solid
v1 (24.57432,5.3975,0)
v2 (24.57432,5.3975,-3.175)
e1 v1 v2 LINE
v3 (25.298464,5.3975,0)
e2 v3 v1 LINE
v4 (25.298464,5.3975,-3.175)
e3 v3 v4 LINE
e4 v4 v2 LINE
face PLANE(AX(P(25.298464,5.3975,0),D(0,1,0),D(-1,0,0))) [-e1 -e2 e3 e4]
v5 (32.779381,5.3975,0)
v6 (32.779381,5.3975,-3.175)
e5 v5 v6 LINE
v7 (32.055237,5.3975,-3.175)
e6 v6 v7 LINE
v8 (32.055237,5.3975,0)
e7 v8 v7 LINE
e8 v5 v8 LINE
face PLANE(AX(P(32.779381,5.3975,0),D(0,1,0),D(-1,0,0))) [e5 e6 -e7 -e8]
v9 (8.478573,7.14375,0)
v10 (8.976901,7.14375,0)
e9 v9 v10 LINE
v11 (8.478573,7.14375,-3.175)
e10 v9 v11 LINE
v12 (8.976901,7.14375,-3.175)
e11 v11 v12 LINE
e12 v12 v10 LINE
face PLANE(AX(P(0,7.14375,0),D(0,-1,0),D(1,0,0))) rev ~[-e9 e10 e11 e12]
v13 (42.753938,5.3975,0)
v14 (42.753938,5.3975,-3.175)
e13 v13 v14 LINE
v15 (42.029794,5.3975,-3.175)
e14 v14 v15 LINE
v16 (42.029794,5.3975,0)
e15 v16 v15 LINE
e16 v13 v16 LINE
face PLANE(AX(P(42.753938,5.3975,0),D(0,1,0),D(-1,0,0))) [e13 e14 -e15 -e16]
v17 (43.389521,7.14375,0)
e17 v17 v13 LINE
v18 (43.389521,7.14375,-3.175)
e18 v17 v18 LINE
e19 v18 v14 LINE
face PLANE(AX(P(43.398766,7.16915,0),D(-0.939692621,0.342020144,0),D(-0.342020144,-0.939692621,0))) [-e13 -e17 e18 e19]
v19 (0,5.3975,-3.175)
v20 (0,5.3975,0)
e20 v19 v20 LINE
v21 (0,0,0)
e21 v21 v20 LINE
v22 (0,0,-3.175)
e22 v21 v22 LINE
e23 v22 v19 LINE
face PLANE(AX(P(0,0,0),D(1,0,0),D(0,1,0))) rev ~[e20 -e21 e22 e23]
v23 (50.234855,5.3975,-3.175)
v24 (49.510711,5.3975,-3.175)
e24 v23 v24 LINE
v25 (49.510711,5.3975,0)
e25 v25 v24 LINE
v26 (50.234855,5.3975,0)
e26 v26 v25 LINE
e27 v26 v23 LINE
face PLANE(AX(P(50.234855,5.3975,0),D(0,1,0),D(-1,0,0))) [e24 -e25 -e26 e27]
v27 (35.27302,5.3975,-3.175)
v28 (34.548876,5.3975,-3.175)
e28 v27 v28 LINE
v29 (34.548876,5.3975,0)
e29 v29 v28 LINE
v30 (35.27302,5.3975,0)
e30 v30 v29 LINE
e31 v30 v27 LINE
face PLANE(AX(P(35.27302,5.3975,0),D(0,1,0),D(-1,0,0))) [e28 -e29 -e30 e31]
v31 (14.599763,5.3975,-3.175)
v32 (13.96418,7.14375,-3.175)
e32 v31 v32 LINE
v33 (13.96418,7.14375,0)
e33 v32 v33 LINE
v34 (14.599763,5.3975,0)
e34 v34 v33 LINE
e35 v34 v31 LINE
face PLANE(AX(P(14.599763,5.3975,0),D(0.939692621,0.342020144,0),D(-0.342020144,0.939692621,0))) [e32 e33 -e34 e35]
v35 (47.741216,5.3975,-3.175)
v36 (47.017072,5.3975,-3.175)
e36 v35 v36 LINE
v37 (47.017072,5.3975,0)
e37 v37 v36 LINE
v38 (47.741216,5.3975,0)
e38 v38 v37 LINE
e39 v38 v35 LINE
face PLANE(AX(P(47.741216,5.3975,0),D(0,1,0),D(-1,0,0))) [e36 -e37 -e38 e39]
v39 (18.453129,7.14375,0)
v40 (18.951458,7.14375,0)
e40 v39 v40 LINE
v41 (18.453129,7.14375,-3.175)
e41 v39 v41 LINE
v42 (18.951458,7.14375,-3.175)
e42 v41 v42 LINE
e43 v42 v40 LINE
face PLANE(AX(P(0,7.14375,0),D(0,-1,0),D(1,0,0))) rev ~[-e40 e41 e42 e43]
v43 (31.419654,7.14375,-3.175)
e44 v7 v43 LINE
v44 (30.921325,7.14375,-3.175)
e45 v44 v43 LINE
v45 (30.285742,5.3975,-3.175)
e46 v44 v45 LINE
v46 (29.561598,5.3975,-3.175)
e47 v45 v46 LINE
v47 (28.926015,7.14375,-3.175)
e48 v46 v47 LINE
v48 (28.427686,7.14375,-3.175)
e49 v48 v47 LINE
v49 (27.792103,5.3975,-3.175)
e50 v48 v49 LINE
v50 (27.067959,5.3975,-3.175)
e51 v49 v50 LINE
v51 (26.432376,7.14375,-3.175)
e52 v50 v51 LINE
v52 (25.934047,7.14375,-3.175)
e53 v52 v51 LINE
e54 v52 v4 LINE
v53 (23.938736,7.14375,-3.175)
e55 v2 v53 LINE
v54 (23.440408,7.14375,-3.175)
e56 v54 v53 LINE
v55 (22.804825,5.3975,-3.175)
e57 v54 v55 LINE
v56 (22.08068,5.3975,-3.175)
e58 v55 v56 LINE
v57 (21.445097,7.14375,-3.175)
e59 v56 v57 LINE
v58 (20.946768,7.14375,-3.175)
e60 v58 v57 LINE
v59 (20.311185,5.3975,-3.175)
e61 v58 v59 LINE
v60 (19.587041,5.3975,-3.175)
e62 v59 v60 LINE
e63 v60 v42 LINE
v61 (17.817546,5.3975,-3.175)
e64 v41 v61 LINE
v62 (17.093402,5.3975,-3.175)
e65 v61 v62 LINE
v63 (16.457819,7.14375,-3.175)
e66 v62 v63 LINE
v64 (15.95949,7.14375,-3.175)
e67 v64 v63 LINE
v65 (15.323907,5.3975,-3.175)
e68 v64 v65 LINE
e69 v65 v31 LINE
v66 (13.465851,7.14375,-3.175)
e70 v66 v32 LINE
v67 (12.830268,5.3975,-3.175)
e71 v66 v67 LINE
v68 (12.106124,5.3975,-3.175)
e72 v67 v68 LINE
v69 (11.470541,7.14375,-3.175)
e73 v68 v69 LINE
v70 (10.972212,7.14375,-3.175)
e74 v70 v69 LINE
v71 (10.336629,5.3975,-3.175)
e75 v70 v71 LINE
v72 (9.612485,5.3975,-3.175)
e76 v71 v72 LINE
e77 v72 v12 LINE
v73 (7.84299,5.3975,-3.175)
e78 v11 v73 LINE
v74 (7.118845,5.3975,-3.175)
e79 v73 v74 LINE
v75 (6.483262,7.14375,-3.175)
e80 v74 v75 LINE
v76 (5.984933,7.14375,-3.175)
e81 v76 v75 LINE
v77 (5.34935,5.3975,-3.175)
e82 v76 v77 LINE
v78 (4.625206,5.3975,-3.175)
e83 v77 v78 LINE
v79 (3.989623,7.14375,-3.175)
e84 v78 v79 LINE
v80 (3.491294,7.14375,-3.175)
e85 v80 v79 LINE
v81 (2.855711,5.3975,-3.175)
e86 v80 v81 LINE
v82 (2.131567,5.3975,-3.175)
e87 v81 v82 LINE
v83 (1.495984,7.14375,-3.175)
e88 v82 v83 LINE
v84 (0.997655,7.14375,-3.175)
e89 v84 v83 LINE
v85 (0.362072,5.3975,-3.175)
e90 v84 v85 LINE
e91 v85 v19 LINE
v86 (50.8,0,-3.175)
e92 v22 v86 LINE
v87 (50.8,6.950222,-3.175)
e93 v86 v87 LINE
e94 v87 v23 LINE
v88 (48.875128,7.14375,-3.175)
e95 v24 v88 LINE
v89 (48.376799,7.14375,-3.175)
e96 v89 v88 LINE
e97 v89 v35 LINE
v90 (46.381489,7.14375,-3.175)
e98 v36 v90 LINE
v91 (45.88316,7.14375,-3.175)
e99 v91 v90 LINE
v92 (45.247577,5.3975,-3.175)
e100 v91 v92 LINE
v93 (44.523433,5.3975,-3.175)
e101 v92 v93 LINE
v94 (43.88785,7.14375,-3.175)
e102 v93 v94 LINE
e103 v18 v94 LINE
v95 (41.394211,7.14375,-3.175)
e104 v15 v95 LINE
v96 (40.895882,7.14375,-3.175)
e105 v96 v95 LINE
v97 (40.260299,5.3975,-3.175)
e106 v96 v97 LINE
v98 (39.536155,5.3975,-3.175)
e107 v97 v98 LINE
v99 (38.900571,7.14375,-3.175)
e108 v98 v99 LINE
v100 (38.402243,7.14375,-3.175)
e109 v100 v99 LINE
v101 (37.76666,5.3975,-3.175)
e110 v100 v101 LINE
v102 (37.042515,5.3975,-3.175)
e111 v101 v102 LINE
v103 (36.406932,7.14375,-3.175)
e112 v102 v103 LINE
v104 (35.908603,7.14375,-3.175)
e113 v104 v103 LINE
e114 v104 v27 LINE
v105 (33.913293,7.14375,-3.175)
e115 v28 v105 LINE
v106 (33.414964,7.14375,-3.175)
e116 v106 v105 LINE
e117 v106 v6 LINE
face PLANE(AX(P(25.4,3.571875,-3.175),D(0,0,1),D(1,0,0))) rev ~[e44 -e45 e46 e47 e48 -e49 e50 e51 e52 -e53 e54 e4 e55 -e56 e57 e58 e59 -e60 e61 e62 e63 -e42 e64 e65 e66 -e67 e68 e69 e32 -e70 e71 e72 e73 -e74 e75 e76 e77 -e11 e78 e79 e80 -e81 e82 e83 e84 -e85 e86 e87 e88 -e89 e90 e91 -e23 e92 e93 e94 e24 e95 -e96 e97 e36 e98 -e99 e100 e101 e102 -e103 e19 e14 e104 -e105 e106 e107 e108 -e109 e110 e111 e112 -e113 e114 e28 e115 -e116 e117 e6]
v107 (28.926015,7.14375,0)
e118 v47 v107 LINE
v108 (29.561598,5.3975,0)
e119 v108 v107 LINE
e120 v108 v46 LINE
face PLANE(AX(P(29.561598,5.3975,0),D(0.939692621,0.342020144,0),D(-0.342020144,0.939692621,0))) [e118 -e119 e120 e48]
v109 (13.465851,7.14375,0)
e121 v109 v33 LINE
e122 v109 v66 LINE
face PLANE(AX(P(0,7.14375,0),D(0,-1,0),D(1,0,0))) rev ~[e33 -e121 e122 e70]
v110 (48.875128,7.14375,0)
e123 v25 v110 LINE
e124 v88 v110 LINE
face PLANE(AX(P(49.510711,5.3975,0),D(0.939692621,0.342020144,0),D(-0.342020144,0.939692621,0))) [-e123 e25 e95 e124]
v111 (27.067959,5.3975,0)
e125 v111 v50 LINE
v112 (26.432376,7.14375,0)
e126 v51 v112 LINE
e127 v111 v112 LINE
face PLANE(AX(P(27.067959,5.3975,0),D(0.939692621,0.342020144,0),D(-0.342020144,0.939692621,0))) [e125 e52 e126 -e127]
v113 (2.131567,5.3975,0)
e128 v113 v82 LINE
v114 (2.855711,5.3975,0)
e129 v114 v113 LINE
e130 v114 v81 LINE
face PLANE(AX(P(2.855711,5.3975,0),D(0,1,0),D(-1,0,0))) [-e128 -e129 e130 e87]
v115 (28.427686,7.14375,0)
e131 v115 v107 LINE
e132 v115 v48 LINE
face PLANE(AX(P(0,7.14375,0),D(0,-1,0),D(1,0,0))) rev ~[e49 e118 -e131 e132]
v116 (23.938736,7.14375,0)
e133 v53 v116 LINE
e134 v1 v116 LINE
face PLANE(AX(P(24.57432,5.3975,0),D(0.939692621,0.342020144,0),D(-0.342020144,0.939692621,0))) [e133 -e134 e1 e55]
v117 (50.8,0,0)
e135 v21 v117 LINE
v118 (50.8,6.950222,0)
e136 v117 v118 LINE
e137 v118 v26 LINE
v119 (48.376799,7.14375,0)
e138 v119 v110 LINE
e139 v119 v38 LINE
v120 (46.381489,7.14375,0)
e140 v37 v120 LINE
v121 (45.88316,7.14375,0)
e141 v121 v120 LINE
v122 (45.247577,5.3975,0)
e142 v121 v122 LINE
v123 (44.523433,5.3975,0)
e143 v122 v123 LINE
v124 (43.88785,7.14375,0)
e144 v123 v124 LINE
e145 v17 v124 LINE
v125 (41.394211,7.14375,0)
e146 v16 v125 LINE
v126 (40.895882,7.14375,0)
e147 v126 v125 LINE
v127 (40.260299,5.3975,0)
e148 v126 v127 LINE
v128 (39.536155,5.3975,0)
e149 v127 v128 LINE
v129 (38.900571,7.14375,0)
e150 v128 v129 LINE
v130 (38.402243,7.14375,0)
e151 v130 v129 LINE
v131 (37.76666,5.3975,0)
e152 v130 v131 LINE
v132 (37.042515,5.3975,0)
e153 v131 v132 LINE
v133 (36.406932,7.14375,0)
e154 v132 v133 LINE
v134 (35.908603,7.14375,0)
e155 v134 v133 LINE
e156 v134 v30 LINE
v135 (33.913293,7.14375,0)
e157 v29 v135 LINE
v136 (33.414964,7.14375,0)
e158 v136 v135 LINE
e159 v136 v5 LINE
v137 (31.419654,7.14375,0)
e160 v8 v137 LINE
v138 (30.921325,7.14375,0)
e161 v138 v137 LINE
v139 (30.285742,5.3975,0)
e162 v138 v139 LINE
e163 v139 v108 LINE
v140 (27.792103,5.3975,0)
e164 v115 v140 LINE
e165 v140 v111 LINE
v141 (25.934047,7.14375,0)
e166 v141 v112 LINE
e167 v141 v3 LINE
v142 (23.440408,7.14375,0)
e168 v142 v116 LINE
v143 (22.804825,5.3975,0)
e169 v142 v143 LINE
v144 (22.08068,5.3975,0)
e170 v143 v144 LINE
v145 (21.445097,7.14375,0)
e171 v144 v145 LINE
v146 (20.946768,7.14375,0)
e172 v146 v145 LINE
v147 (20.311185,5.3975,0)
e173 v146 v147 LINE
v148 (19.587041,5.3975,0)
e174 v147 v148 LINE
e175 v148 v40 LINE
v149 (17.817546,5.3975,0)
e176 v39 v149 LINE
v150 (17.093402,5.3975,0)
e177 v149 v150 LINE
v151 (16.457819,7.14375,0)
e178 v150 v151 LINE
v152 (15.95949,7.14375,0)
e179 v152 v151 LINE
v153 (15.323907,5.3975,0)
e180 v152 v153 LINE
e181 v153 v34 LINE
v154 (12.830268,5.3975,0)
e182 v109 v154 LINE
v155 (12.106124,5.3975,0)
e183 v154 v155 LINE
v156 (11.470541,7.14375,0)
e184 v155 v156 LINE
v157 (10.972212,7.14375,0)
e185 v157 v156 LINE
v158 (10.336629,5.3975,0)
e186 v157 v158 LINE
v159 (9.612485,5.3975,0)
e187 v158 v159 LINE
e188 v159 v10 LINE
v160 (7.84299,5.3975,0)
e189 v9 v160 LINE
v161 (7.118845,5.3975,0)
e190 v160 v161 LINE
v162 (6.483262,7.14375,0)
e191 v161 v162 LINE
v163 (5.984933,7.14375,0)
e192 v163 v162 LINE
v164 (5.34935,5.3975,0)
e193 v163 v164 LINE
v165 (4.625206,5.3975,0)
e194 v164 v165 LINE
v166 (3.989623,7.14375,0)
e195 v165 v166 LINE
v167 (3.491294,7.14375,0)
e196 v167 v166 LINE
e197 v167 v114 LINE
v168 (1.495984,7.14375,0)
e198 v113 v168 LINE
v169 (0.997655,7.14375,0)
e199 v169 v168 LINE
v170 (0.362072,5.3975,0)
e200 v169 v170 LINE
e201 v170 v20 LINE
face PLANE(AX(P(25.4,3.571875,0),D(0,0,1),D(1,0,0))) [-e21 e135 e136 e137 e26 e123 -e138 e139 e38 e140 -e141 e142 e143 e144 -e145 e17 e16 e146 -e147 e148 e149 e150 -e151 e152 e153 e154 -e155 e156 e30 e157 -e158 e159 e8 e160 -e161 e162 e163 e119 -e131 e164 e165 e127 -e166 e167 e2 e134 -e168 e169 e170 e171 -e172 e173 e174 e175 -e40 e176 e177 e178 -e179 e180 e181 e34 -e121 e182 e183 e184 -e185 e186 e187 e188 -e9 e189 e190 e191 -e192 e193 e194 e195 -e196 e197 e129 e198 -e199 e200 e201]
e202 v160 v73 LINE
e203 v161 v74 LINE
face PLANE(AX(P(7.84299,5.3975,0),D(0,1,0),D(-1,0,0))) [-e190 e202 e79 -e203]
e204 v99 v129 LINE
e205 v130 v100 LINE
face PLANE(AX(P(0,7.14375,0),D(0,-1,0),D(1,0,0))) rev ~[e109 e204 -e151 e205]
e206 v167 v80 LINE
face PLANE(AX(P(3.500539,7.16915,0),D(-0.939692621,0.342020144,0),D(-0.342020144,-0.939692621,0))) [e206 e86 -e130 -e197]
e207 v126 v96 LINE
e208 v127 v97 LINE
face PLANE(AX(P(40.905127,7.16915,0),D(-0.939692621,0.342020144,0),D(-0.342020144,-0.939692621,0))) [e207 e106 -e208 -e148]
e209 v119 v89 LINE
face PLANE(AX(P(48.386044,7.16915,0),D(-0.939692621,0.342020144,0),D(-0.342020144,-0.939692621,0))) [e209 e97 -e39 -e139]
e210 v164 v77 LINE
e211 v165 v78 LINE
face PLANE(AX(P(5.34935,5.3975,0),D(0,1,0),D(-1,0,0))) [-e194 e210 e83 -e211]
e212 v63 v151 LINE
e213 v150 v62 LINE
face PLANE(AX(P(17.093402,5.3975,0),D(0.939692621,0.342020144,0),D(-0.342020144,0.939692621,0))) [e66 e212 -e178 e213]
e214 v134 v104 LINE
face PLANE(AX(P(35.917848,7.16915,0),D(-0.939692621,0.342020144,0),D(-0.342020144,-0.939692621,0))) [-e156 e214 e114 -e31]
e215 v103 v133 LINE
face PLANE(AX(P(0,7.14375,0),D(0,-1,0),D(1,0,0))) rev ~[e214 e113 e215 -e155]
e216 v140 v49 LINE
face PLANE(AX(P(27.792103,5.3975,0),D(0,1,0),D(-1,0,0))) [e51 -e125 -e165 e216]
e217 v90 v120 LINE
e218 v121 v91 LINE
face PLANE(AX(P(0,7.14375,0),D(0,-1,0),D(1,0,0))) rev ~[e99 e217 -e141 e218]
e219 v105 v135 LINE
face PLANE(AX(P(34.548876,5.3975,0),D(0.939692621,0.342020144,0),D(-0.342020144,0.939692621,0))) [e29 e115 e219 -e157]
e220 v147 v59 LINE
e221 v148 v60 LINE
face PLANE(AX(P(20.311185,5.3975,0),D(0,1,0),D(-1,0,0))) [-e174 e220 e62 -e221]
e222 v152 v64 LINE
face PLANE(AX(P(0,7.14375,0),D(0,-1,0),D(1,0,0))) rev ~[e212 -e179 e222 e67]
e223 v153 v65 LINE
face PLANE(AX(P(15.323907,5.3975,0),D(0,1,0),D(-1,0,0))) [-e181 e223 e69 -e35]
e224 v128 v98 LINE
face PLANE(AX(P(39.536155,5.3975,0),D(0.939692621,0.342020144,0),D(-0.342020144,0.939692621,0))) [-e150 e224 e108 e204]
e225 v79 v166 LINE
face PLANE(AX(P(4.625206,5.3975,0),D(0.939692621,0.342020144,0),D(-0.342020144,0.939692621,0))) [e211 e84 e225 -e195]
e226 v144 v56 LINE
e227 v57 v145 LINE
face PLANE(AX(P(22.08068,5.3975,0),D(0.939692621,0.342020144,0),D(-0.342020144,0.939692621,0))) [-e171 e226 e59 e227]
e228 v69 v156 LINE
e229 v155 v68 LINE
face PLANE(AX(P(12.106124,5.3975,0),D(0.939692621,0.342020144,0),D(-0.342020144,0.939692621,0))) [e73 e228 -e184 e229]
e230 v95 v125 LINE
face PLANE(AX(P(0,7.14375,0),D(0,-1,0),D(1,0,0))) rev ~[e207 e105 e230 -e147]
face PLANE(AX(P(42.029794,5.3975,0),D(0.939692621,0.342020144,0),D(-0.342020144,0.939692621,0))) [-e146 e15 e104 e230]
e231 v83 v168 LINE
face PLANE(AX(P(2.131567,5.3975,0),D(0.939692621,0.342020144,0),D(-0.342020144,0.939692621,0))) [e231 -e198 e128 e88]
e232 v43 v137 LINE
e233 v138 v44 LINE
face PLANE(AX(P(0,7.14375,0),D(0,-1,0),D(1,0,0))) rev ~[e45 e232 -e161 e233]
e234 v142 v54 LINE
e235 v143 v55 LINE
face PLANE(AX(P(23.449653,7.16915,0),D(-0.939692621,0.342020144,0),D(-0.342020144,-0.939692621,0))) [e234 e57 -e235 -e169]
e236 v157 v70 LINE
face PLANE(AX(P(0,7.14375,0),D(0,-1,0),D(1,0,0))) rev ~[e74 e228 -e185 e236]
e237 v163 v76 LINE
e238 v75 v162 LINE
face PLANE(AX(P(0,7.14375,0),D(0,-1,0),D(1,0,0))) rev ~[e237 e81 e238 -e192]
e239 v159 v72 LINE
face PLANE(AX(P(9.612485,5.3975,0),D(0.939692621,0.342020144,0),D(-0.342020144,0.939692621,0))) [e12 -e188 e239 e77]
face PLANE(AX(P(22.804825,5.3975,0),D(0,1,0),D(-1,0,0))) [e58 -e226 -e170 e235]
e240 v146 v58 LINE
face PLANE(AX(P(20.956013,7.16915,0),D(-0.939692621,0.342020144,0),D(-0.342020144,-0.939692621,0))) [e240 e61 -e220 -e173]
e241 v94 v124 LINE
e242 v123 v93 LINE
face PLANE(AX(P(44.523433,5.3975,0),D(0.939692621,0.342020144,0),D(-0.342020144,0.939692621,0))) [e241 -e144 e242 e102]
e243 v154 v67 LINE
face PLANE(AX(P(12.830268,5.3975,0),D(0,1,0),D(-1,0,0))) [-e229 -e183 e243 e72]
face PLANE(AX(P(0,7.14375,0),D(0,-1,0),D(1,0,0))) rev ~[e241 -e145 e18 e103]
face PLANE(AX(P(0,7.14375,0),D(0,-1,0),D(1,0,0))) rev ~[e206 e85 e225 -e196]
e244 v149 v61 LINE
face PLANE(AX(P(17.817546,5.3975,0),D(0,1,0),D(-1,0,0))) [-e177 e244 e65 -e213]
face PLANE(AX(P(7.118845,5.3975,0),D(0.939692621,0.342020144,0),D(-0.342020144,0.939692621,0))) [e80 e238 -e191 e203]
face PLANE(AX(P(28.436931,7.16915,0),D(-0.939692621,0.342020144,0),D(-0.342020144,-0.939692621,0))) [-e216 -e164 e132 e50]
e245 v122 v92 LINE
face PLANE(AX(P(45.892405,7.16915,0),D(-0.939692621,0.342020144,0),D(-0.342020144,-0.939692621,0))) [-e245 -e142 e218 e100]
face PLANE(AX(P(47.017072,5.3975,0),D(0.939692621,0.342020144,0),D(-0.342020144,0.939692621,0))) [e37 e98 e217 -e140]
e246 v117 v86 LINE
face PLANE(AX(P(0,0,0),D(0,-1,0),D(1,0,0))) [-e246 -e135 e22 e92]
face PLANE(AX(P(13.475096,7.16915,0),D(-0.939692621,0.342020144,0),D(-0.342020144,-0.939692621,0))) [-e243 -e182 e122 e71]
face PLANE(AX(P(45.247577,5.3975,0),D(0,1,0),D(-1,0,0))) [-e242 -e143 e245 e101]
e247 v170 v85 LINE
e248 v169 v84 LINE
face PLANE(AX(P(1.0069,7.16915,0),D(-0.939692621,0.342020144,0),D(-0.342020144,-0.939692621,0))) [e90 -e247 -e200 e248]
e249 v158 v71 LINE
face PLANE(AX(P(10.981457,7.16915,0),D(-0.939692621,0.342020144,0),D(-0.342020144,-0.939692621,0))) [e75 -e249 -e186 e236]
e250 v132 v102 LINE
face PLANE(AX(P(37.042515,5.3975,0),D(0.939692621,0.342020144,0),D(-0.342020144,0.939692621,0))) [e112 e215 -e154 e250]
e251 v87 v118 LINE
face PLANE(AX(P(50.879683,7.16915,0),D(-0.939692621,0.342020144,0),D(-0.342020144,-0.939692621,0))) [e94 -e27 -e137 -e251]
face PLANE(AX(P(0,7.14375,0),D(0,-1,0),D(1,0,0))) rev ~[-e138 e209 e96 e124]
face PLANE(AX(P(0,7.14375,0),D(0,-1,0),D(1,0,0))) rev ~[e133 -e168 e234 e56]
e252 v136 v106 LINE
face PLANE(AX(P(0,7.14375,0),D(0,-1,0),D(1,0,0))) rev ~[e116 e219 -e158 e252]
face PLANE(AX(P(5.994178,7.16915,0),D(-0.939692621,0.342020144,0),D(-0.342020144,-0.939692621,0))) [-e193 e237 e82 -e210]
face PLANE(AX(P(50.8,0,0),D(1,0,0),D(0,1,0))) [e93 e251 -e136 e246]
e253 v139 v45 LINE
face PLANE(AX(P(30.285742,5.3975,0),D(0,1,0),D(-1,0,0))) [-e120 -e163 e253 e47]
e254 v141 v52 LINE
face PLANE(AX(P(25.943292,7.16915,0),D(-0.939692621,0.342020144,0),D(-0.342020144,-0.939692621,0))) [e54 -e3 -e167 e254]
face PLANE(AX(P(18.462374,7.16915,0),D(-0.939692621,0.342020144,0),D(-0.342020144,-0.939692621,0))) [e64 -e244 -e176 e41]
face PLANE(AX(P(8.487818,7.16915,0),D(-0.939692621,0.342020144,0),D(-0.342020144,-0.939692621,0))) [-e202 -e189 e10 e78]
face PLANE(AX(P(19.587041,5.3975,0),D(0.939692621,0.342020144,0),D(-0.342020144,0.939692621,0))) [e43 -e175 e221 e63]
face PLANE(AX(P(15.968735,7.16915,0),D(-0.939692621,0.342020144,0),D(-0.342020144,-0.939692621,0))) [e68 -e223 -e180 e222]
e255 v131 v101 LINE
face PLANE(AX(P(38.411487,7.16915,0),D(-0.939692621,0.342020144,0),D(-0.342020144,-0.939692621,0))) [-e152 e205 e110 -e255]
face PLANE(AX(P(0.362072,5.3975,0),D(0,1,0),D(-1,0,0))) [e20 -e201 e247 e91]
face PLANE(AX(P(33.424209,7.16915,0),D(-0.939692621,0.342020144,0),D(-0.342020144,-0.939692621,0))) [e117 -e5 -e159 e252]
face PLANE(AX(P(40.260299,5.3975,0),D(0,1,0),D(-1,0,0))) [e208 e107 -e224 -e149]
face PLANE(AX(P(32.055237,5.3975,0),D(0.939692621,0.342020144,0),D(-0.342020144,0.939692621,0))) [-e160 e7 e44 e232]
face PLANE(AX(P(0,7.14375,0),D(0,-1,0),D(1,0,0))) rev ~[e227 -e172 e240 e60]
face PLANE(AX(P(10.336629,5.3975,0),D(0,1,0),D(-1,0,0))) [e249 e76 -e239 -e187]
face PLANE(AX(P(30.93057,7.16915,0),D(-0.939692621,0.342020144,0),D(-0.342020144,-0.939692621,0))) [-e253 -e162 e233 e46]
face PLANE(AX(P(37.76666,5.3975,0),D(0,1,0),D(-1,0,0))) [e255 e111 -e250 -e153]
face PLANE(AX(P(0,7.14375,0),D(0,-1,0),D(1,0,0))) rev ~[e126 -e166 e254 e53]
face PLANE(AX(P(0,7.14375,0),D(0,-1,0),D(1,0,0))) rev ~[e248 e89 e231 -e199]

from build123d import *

# Parameters (mm, degrees)
BLANKSKE_W        = 50.8
BLANKSKE_H        = 7.14375
BLANK_DEPTH       = 3.175
TOOTHCUTSIM_DEPTH = 52.397994018
TEETHCUTS_COUNT   = 21
TEETHCUTS_PITCH   = 2.493639166


with BuildPart() as part:
    # BlankSke → Blank (new body)
    with BuildSketch(Plane.XY):
        with Locations((25.4, 3.571875)):
            Rectangle(BLANKSKE_W, BLANKSKE_H)
    extrude(amount=-BLANK_DEPTH)

    # TooCutSkeSim → ToothCutSim (cut, through all)
    with BuildSketch(Plane.XY):
        Polygon((0.362072143, 5.3975), (-0.362072143, 5.3975), (-1.006900009, 7.16915), (1.006900009, 7.16915), align=None)
    toothcutsim = extrude(amount=-TOOTHCUTSIM_DEPTH, mode=Mode.SUBTRACT)

    # TeethCuts: ToothCutSim ×21
    with Locations(*[(i * TEETHCUTS_PITCH, 0, 0) for i in range(1, TEETHCUTS_COUNT)]):
        add(toothcutsim, mode=Mode.SUBTRACT)


solid = part.part
